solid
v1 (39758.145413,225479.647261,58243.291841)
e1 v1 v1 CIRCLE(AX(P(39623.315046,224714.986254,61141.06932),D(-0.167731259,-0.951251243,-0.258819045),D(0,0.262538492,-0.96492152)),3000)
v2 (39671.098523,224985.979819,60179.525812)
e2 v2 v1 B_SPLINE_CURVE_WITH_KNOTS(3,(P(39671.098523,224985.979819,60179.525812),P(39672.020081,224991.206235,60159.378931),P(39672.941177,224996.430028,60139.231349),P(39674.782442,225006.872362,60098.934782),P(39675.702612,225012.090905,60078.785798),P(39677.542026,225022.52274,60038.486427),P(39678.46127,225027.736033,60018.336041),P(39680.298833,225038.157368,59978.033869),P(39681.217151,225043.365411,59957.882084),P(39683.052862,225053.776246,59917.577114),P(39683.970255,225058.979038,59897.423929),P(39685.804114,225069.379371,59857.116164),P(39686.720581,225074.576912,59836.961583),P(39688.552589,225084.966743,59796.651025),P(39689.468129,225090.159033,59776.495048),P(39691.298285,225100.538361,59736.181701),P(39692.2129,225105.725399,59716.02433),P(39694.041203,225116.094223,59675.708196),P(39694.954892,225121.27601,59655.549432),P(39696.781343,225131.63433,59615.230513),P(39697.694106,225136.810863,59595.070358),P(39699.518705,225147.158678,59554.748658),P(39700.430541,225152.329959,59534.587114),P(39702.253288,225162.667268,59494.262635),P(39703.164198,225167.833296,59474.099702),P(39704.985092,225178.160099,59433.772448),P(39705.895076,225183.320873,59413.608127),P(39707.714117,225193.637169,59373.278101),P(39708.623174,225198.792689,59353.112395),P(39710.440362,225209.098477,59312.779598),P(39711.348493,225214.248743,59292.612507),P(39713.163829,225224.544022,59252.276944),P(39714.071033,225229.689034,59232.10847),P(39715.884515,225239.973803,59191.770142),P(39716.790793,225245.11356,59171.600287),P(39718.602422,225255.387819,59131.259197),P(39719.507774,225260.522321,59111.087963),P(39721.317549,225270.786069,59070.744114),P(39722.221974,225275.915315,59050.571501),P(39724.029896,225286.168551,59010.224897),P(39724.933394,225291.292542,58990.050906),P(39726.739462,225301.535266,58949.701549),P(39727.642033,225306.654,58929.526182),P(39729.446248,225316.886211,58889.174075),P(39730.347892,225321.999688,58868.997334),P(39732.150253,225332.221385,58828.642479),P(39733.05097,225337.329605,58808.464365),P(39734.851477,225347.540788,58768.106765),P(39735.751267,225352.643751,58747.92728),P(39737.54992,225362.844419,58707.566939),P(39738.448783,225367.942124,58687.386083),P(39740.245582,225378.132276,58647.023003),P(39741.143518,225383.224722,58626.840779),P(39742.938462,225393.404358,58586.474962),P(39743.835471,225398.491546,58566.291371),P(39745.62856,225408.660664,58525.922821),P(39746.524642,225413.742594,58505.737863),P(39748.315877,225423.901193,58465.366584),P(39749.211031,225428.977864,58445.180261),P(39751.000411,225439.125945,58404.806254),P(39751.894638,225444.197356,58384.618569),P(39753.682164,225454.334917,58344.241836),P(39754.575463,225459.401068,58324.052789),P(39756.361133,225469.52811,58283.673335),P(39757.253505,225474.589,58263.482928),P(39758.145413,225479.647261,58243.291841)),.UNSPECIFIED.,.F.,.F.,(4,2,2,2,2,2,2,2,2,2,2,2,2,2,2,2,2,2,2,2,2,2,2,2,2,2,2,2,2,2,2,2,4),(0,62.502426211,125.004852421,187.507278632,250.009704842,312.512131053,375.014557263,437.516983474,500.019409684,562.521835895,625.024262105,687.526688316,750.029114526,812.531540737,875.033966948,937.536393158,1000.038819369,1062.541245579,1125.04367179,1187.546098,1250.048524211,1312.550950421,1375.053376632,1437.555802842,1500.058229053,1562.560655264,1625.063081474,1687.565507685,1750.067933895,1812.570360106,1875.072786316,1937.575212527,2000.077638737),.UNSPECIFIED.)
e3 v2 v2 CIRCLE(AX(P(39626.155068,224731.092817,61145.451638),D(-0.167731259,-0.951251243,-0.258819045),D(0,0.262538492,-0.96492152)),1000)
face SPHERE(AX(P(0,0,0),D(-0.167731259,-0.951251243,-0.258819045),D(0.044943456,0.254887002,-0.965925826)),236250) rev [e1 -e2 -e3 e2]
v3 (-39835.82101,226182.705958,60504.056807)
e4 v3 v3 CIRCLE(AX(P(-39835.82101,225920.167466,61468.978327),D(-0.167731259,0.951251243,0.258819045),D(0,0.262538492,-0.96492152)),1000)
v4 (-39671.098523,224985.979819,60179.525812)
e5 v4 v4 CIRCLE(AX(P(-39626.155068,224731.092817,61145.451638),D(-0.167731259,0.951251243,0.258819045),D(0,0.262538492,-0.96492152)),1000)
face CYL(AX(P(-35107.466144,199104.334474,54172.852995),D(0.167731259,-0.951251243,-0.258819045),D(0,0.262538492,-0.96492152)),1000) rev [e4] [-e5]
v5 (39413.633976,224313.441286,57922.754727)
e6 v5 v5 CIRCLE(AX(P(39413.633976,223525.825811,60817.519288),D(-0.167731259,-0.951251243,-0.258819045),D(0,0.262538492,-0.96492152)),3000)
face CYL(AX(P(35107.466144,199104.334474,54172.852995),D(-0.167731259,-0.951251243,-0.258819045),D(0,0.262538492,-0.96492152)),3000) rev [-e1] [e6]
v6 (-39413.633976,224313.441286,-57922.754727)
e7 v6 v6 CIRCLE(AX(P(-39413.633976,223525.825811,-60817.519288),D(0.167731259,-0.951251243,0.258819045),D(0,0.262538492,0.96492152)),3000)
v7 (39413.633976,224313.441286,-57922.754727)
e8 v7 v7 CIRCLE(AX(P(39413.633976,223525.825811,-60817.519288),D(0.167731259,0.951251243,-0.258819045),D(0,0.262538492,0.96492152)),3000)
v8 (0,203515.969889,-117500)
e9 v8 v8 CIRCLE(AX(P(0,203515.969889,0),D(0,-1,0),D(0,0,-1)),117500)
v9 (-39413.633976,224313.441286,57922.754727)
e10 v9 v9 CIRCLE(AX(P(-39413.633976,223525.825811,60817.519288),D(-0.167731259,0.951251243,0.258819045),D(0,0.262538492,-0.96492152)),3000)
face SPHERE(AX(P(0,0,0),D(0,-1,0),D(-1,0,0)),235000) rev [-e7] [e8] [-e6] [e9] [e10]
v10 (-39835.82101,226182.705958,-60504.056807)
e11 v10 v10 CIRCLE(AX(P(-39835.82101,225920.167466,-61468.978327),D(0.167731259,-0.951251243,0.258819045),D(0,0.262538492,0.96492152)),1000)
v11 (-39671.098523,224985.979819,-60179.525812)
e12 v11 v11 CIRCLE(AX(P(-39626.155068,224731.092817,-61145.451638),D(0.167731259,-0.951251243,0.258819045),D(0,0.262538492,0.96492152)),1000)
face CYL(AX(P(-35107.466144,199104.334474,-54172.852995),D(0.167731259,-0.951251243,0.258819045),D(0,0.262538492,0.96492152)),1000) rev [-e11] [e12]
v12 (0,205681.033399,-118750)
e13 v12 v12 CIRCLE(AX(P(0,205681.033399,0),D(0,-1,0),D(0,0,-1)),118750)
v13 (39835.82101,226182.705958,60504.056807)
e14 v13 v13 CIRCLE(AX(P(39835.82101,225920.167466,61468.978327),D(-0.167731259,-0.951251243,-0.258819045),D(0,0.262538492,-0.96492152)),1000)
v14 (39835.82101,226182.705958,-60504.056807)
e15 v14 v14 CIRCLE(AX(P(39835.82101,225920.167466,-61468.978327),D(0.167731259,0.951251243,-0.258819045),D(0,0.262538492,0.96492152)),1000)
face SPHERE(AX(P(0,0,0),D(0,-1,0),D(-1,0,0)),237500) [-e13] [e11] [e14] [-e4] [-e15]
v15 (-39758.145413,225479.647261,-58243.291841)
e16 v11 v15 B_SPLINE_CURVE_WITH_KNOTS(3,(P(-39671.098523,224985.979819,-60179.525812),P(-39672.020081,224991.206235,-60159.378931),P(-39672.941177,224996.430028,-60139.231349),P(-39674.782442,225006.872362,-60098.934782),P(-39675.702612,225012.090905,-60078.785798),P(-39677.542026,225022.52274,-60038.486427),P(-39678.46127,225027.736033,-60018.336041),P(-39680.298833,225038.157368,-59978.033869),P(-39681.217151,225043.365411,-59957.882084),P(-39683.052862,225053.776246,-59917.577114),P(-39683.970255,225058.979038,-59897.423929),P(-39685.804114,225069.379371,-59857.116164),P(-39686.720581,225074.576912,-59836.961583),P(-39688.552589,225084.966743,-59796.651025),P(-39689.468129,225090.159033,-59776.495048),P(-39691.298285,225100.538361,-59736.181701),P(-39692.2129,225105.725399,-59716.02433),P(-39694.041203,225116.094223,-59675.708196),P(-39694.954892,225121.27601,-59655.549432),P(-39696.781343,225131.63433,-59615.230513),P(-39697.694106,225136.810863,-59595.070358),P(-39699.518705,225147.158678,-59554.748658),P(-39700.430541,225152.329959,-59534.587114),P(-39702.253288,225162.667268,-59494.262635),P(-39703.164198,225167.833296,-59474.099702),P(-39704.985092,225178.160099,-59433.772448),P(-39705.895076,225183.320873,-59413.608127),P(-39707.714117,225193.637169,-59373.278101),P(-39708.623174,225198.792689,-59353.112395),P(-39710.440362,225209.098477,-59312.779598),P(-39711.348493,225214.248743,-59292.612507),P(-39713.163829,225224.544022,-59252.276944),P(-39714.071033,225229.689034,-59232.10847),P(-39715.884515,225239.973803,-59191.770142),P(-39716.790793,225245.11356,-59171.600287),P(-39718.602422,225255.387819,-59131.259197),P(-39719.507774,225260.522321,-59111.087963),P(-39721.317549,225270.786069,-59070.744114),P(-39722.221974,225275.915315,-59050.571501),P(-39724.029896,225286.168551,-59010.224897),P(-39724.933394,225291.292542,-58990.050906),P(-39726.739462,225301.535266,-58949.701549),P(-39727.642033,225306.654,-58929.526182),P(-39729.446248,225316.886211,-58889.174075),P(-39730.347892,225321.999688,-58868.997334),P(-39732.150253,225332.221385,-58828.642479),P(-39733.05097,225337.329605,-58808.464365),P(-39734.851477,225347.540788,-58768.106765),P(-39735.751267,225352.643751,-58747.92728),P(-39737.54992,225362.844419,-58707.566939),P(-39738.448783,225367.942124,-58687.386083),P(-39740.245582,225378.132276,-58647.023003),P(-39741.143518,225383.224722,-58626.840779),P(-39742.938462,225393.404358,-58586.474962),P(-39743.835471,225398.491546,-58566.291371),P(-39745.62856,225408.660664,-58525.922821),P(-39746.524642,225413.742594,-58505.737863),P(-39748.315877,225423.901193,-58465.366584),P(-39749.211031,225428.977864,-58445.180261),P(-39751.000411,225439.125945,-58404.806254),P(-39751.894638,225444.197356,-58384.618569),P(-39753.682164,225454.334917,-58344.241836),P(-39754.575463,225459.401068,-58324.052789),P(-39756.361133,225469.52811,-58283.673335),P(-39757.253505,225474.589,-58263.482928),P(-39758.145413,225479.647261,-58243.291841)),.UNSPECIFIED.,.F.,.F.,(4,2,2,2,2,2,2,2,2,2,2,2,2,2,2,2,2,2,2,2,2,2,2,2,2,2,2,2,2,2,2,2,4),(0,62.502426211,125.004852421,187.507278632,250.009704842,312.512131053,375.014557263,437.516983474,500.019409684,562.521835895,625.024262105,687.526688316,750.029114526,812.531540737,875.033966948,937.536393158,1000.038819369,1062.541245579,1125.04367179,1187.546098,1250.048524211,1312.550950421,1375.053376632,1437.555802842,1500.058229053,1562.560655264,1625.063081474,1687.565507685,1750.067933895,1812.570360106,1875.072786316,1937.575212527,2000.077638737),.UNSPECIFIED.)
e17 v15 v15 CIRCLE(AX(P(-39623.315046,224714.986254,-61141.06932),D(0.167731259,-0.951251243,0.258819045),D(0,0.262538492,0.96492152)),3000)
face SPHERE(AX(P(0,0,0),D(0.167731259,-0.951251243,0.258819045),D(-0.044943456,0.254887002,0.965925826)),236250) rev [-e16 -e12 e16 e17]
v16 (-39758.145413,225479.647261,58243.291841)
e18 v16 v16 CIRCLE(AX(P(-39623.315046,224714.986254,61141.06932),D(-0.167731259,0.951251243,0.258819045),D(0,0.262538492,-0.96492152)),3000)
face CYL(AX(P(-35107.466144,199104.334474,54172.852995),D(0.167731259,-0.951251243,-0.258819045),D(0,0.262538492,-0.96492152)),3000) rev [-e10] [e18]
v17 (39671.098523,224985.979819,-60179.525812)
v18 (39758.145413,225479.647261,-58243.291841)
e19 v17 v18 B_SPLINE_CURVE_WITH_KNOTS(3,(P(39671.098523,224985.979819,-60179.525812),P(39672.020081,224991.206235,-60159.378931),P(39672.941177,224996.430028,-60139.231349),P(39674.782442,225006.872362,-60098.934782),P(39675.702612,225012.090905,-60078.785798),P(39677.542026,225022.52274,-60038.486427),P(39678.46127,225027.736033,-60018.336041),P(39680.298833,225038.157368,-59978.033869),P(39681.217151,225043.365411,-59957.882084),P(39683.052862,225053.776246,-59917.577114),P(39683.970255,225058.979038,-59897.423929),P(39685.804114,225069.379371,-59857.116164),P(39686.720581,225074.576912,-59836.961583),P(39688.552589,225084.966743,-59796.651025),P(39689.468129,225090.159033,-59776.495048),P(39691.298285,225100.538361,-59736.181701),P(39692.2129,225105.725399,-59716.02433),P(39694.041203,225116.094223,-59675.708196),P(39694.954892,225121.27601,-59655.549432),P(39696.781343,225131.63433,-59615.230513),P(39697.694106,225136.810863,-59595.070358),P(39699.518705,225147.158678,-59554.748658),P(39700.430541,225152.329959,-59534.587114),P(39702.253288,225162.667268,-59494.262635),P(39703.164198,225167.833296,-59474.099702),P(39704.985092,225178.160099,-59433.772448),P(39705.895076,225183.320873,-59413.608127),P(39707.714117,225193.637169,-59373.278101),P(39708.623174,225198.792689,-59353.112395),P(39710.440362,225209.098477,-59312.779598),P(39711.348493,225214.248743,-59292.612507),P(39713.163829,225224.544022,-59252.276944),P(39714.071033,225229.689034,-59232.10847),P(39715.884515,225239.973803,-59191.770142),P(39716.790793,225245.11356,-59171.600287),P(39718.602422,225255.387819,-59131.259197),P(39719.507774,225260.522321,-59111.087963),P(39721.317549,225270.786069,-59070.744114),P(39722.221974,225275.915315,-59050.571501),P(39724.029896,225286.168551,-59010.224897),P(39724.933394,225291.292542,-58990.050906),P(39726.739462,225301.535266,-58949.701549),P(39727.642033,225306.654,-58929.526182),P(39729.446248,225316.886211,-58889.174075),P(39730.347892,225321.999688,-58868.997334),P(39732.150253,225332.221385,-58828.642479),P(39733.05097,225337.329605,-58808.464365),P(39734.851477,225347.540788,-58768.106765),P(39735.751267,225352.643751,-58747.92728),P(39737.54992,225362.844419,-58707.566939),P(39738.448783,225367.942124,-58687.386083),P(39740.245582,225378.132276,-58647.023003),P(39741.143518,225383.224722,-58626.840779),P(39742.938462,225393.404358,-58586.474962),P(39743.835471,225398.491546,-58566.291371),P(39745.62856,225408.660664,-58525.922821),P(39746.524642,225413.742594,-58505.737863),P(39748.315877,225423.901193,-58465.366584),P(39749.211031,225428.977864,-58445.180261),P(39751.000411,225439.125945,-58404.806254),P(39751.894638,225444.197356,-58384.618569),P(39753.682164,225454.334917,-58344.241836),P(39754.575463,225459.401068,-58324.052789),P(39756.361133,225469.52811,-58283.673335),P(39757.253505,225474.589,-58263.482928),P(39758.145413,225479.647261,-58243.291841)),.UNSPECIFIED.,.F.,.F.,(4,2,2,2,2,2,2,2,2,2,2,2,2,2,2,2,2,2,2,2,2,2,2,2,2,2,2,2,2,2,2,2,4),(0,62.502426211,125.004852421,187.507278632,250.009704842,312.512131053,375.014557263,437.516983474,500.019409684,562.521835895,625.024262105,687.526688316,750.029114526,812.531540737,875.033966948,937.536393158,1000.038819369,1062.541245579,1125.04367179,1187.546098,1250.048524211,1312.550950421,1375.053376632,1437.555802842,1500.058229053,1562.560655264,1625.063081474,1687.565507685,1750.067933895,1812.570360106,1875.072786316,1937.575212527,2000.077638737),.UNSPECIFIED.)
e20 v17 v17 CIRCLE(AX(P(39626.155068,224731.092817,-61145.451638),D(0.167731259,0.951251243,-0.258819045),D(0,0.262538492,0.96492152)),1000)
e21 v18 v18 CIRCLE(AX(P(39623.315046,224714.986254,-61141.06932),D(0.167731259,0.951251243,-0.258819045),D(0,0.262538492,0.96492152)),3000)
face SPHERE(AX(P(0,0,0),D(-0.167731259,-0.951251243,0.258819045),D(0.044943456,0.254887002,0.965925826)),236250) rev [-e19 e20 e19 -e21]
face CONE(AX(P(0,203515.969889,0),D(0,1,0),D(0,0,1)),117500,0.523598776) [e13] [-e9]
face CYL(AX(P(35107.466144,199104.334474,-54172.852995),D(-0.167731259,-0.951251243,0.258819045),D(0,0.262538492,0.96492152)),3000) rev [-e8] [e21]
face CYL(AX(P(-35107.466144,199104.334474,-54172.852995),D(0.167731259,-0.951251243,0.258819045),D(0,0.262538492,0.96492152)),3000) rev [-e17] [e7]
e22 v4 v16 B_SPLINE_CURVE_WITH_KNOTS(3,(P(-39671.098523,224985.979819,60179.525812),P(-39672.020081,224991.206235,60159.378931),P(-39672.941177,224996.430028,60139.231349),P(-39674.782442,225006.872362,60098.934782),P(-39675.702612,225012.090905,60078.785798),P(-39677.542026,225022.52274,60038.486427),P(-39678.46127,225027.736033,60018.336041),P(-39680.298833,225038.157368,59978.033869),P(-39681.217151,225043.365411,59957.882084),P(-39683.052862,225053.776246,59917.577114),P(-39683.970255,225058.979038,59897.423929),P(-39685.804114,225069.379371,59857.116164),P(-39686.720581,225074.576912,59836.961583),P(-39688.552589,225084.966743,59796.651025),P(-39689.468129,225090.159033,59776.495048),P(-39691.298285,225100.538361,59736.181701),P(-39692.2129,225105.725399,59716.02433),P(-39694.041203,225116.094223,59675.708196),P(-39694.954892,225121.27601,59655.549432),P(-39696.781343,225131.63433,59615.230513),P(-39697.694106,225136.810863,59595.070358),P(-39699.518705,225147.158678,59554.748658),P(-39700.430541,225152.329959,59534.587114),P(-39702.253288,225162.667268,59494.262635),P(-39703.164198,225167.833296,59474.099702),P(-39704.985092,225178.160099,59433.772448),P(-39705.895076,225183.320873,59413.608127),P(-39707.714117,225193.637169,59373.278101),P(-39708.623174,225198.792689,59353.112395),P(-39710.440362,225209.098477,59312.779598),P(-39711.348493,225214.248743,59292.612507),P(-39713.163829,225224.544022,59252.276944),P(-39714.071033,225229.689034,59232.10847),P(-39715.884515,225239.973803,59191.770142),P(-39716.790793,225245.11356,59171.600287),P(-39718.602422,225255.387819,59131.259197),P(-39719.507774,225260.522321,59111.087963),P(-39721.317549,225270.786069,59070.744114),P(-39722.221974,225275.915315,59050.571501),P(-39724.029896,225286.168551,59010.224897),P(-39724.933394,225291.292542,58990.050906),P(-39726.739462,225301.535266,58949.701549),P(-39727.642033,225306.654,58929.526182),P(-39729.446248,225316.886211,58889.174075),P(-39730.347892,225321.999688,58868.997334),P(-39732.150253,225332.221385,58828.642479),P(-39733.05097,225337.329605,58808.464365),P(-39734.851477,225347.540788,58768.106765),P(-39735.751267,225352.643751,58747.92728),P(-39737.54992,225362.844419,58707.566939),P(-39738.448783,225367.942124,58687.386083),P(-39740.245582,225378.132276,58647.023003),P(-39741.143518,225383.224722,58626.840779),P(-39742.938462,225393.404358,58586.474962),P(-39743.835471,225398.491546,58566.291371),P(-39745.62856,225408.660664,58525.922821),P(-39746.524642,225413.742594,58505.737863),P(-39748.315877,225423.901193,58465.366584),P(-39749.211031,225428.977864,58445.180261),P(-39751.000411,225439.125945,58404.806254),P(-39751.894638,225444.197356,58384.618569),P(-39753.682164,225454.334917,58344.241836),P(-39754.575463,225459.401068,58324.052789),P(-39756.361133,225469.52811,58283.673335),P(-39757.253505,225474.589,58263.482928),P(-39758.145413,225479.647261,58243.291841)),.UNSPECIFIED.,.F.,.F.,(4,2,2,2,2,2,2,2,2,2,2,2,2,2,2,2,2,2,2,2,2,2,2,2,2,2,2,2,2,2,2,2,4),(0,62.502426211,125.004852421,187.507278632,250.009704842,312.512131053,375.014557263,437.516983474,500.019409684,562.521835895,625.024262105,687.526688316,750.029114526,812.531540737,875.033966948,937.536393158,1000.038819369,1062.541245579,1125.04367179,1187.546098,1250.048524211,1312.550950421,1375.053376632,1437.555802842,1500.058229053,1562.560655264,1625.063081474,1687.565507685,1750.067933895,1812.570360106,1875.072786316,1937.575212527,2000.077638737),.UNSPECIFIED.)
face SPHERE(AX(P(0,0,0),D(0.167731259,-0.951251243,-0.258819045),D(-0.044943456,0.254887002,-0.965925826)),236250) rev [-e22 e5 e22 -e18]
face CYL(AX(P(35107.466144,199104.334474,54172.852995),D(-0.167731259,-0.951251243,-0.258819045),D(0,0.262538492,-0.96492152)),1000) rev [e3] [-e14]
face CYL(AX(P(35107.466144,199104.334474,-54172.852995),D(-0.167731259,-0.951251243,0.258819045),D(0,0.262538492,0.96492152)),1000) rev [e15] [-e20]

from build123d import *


with BuildPart() as part:
    # Sketch1 → Revolve1 (revolve)
    with BuildSketch(Plane.XY):
        with BuildLine():
            ThreePointArc((-118125, 204598.501644073), (-61145.999405471, 228199.976460792), (0, 236250))
            Line((0, 236250), (0, 237500))
            ThreePointArc((0, 237500), (-61469.523211849, 229407.383743654), (-118750, 205681.033398804))
            Line((-118750, 205681.033398804), (-118125, 204598.501644073))
        make_face()
        with BuildLine():
            ThreePointArc((-117500, 203515.969889343), (-60822.475599093, 226992.569177931), (0, 235000))
            Line((0, 235000), (0, 236250))
            ThreePointArc((0, 236250), (-61145.999405471, 228199.976460792), (-118125, 204598.501644073))
            Line((-118125, 204598.501644073), (-117500, 203515.969889343))
        make_face()
    revolve(axis=Axis((0, 0, 0), (0, 1, 0)))

    # Sketch3 → Cut-Revolve1 (revolve, cut)
    with BuildSketch(Plane(origin=(0, 0, 0), x_dir=(0, 0, -1), z_dir=(0.984807753012208, -0.17364817766693072, 0)), mode=Mode.PRIVATE) as cut_revolve1_sk:
        with BuildLine():
            Line((-61469.523211849, 229407.383743654), (-61145.999405471, 228199.976460792))
            ThreePointArc((-61145.999405471, 228199.976460792), (-60662.898468624, 228328.875198441), (-60179.525811555, 228456.751209275))
            Line((-60179.525811553, 228456.751209275), (-60503.052500945, 229664.169251688))
            ThreePointArc((-60503.052500946, 229664.169251688), (-60986.423007114, 229536.285168157), (-61469.523211849, 229407.383743654))
        make_face()
        with BuildLine():
            Line((-61145.999405471, 228199.976460792), (-60822.475599093, 226992.569177931))
            ThreePointArc((-60822.475599093, 226992.569177931), (-60339.373922288, 227121.465200157), (-59855.999091498, 227249.333052396))
            Line((-59855.999091491, 227249.333052397), (-60179.525811553, 228456.751209275))
            ThreePointArc((-60179.525811555, 228456.751209275), (-60662.898468624, 228328.875198441), (-61145.999405471, 228199.976460792))
        make_face()
        with BuildLine():
            Line((-60179.525811553, 228456.751209275), (-59855.999091491, 227249.333052397))
            ThreePointArc((-59855.999091498, 227249.333052396), (-58888.403659222, 227501.991012098), (-57919.741808911, 227750.529107594))
            Line((-57919.741808911, 227750.529107594), (-58243.291841278, 228958.034267181))
            ThreePointArc((-58243.291841278, 228958.034267181), (-59211.939306065, 228709.441745668), (-60179.525811555, 228456.751209275))
        make_face()
    cut_revolve1 = revolve(cut_revolve1_sk.sketch.rotate(Axis((35107.466143794, 199104.334474144, 54172.852994611), (0.16773125949652093, 0.9512512425641976, 0.25881904510252157)), 2.612981902), axis=Axis((35107.466143794, 199104.334474144, 54172.852994611), (0.16773125949652093, 0.9512512425641976, 0.25881904510252157)), mode=Mode.SUBTRACT)

    # Mirror1: Cut-Revolve1 across plane
    add(cut_revolve1.mirror(Plane(origin=(0, 0, 0), x_dir=(0, 0, 1), z_dir=(1, 0, 0))), mode=Mode.SUBTRACT)

    # Mirror2: Cut-Revolve1 across plane
    add(cut_revolve1.mirror(Plane.XY), mode=Mode.SUBTRACT)

    # Mirror2 copy 1 sketch → Mirror2 copy 1 (revolve, cut)
    with BuildSketch(Plane(origin=(0, 0, 0), x_dir=(0, 0, 1), z_dir=(-0.984807753012208, -0.17364817766693072, 0))):
        with BuildLine():
            Line((-61469.523211849, 229407.383743654), (-61145.999405471, 228199.976460792))
            ThreePointArc((-61145.999405471, 228199.976460792), (-60662.898468624, 228328.875198441), (-60179.525811555, 228456.751209275))
            Line((-60179.525811553, 228456.751209275), (-60503.052500945, 229664.169251688))
            ThreePointArc((-60503.052500946, 229664.169251688), (-60986.423007114, 229536.285168157), (-61469.523211849, 229407.383743654))
        make_face()
        with BuildLine():
            Line((-61145.999405471, 228199.976460792), (-60822.475599093, 226992.569177931))
            ThreePointArc((-60822.475599093, 226992.569177931), (-60339.373922288, 227121.465200157), (-59855.999091498, 227249.333052396))
            Line((-59855.999091491, 227249.333052397), (-60179.525811553, 228456.751209275))
            ThreePointArc((-60179.525811555, 228456.751209275), (-60662.898468624, 228328.875198441), (-61145.999405471, 228199.976460792))
        make_face()
        with BuildLine():
            Line((-60179.525811553, 228456.751209275), (-59855.999091491, 227249.333052397))
            ThreePointArc((-59855.999091498, 227249.333052396), (-58888.403659222, 227501.991012098), (-57919.741808911, 227750.529107594))
            Line((-57919.741808911, 227750.529107594), (-58243.291841278, 228958.034267181))
            ThreePointArc((-58243.291841278, 228958.034267181), (-59211.939306065, 228709.441745668), (-60179.525811555, 228456.751209275))
        make_face()
    revolve(axis=Axis((-35107.466143794, 199104.334474144, -54172.852994611), (-0.16773125949652093, 0.9512512425641976, -0.25881904510252157)), mode=Mode.SUBTRACT)


solid = part.part
